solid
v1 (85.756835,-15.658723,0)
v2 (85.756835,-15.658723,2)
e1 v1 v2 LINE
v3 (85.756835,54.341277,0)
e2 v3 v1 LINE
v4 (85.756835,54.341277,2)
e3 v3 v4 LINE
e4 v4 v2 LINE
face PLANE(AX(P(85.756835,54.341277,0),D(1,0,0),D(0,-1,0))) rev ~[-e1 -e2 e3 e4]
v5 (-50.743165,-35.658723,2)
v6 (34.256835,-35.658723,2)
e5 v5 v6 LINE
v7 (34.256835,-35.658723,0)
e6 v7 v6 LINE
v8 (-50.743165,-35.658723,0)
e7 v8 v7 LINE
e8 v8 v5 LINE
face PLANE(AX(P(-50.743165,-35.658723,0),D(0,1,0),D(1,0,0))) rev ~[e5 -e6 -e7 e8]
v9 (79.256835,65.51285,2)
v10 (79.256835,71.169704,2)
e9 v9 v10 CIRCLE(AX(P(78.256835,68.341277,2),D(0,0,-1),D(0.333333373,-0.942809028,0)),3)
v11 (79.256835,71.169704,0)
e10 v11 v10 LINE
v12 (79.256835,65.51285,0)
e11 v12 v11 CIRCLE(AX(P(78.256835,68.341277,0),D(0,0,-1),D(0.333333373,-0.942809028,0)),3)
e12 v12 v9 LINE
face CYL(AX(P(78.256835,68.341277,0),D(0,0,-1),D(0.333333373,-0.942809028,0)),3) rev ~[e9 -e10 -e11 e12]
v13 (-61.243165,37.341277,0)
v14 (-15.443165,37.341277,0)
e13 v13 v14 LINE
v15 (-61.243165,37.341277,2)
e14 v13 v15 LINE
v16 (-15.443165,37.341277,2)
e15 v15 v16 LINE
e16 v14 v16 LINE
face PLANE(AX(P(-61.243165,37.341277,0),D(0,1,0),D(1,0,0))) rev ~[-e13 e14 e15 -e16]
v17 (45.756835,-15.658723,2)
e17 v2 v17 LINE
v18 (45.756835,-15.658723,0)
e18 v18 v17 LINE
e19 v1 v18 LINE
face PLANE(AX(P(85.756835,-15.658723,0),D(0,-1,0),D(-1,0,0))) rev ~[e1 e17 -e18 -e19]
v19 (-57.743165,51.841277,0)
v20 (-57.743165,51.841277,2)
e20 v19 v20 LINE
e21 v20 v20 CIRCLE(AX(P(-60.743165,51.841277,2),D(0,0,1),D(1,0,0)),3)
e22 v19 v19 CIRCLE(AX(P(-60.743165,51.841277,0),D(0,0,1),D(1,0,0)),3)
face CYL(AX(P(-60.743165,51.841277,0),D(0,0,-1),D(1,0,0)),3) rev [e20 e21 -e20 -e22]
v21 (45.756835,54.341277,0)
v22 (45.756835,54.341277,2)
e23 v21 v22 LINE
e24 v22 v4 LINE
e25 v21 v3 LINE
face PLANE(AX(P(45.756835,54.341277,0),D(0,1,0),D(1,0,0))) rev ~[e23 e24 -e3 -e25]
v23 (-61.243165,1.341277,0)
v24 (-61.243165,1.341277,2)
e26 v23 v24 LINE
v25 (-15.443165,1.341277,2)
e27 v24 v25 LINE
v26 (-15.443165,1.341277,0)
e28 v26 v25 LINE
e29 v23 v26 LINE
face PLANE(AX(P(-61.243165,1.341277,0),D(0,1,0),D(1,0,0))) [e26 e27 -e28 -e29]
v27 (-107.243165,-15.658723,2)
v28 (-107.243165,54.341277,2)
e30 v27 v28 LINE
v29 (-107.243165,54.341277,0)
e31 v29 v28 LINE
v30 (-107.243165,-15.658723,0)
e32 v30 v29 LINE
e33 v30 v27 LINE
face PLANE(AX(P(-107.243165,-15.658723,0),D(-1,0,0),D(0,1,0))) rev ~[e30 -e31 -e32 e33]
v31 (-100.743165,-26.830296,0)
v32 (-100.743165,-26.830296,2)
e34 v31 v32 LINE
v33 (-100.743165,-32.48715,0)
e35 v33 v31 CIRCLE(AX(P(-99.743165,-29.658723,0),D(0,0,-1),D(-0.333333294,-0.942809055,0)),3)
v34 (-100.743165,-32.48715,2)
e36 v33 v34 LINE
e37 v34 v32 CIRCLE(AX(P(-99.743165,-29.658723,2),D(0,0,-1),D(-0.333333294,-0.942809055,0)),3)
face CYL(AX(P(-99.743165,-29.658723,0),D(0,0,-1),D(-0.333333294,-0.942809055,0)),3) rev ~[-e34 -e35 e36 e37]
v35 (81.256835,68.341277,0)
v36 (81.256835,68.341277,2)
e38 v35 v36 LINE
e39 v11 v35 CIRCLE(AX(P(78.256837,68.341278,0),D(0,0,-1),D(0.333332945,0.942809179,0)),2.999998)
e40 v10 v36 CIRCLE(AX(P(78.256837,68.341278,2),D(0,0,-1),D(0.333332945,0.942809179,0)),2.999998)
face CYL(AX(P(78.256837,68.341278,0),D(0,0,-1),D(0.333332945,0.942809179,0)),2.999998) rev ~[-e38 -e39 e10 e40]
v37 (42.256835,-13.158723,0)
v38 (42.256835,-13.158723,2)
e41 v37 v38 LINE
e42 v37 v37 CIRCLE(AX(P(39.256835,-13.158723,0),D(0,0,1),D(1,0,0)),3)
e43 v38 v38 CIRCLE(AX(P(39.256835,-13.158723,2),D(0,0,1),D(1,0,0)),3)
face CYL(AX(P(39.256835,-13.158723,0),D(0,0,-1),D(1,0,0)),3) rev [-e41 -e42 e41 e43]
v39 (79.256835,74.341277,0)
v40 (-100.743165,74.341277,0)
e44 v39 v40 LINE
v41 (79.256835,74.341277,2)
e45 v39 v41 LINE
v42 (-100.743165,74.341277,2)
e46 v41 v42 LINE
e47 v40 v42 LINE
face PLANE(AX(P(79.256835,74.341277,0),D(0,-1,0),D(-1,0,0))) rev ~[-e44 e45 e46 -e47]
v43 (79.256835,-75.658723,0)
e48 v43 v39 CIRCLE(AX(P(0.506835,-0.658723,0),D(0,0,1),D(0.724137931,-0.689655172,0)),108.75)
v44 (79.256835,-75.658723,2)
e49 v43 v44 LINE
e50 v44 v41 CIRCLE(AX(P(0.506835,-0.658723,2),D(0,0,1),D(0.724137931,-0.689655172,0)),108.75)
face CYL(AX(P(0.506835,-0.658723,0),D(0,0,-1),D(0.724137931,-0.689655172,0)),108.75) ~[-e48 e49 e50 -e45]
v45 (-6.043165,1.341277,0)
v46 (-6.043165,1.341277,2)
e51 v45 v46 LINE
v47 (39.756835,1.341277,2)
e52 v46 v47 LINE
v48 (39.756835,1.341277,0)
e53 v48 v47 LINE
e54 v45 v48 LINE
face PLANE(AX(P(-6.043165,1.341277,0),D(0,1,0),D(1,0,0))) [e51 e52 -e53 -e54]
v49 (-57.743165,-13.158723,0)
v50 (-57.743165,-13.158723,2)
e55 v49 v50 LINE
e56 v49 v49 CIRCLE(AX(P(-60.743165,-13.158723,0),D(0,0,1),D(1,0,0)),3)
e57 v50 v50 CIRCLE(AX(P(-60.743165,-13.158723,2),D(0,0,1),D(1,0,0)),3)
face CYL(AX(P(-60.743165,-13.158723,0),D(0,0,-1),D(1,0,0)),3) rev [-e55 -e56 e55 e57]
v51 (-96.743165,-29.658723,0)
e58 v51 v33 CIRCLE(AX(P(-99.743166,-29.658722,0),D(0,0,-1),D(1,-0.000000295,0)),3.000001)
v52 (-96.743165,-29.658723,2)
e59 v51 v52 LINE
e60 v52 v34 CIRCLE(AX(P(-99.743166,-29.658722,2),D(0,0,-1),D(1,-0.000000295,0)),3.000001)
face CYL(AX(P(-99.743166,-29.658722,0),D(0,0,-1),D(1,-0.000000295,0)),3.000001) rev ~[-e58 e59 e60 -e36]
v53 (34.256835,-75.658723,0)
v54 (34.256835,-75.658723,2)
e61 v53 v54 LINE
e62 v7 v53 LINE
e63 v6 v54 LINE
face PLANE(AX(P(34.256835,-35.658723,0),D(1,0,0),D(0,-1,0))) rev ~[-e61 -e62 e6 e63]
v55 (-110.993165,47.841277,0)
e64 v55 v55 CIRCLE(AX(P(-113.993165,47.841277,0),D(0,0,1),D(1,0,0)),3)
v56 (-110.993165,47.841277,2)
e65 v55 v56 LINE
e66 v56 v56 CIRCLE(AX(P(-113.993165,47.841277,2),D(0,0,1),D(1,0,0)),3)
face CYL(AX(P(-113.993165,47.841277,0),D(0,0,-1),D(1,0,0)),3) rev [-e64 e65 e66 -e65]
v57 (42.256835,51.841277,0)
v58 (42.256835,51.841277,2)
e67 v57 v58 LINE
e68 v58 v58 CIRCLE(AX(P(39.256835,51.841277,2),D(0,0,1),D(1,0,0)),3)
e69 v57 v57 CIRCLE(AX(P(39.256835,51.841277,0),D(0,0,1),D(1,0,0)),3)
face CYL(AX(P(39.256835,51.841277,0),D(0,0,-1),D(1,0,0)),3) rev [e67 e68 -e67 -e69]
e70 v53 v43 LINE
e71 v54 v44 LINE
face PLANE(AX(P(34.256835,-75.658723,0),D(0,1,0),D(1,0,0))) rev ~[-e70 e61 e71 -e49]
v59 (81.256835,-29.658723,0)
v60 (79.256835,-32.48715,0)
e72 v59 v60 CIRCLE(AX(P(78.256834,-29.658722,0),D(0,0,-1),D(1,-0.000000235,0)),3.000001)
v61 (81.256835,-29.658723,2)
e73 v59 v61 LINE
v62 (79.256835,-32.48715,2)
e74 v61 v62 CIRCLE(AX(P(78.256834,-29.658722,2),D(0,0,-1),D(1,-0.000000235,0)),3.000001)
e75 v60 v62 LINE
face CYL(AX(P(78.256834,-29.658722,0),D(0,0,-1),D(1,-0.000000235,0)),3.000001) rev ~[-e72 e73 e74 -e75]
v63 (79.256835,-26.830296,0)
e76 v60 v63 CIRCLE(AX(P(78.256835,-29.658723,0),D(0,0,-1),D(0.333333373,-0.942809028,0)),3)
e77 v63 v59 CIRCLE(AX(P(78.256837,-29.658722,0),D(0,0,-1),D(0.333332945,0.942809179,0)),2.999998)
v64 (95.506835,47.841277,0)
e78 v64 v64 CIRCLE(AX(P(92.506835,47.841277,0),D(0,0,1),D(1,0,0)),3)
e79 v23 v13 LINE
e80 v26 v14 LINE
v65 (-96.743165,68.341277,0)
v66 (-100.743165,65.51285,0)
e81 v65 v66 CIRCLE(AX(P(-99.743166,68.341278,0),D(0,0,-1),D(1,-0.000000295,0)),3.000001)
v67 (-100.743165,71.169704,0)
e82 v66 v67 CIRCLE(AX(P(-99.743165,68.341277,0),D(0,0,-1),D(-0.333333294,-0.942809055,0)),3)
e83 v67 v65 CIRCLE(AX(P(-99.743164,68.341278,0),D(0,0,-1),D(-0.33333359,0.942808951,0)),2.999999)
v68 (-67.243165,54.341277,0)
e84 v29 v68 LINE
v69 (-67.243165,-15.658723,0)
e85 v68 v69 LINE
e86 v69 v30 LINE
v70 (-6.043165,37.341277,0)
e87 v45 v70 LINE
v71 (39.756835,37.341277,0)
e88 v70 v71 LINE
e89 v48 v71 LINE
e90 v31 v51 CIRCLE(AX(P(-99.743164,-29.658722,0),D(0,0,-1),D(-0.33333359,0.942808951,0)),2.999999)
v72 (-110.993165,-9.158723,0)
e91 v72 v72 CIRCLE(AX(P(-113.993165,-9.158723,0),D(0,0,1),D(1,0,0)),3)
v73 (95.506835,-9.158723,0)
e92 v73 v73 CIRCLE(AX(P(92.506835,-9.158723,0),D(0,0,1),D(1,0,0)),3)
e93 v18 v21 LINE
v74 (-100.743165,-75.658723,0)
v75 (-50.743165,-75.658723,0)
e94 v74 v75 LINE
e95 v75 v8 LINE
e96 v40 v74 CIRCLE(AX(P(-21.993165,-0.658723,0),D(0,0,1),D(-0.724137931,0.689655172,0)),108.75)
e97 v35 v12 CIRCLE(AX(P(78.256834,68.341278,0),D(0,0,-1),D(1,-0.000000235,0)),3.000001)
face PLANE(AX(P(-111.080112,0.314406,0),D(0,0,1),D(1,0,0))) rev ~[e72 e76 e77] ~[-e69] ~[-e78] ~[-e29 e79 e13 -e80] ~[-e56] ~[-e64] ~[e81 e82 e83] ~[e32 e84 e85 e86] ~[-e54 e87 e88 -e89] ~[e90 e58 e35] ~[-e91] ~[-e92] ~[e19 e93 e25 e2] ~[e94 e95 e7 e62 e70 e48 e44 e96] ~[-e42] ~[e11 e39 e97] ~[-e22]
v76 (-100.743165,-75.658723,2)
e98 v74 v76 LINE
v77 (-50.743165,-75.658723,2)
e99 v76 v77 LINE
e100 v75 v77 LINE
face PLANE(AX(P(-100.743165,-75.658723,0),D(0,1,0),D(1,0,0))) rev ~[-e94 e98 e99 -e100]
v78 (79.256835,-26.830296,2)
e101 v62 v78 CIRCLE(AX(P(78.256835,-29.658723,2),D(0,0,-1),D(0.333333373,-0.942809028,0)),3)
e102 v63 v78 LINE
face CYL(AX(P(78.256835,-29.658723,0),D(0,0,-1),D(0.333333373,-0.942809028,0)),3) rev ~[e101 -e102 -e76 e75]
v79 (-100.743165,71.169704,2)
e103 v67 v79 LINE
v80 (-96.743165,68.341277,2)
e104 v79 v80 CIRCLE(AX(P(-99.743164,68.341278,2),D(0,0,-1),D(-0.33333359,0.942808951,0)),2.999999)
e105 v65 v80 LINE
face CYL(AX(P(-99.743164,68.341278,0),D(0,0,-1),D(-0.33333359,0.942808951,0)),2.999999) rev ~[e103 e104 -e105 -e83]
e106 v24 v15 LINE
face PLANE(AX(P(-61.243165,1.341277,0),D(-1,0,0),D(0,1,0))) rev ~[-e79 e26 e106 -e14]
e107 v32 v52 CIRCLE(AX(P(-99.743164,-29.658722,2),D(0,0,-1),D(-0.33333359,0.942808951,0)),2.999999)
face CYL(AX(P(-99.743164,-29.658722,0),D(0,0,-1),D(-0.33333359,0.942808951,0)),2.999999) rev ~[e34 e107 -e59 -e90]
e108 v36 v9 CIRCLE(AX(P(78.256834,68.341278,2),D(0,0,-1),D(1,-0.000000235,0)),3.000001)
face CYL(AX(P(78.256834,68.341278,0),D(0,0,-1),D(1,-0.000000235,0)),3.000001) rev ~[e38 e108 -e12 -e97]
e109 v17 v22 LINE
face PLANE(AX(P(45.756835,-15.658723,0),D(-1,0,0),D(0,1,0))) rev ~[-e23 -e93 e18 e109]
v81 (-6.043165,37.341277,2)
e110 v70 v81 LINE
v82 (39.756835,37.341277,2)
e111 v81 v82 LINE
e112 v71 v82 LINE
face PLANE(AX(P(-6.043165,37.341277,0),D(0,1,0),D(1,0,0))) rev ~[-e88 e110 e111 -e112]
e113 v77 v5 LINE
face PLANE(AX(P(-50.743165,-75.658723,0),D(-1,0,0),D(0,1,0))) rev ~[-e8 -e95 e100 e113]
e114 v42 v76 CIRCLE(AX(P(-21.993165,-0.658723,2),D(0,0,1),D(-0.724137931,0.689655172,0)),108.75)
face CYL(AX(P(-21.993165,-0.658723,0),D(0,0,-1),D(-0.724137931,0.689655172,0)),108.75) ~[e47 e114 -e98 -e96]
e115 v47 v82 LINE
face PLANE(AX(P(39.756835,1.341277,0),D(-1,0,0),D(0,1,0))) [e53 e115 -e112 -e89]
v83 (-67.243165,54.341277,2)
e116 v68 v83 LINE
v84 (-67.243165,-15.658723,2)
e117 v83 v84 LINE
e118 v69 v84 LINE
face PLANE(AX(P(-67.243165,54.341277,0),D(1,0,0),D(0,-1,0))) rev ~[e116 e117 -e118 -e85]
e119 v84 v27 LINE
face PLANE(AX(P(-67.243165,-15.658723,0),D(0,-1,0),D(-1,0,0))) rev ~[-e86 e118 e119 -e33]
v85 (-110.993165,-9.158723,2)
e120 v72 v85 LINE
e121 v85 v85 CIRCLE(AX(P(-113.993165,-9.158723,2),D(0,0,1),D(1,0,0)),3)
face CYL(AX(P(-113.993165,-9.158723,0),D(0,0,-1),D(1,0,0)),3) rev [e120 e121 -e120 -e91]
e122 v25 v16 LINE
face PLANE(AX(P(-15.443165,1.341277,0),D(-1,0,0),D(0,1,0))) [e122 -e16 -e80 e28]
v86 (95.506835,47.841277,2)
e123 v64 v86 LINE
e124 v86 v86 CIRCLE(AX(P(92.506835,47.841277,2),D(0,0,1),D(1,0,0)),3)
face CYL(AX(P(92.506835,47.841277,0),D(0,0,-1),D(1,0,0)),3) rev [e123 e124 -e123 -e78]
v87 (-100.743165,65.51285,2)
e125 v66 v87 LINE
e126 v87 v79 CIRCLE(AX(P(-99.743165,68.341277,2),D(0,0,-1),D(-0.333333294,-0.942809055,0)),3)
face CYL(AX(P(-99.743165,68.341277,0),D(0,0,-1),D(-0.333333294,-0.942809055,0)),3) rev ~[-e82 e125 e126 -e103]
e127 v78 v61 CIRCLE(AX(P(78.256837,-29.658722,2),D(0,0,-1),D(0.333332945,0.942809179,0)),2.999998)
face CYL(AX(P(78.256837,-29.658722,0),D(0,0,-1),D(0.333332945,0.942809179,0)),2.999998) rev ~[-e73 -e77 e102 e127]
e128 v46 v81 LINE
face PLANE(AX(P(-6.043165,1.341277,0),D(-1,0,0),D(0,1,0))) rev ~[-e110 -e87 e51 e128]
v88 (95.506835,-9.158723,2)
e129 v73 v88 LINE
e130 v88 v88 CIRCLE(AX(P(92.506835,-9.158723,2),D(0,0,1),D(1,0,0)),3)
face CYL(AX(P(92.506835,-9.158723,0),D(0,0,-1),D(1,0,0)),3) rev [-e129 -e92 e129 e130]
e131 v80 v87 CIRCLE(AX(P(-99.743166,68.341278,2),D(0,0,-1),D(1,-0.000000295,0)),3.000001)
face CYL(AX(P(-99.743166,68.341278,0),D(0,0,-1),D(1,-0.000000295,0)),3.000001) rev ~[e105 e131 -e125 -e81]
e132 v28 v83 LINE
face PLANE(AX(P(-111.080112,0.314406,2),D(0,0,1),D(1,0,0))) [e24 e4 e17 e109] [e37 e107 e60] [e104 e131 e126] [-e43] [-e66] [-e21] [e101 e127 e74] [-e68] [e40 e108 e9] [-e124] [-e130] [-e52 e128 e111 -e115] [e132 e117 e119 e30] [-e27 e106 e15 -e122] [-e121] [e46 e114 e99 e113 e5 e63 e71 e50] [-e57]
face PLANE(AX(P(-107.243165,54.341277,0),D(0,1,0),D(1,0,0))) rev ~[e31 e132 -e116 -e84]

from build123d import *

# Parameters (mm, degrees)
F0_R     = 3
F0_W     = 45.8
F0_H     = 36
F1_DEPTH = 2


with BuildPart() as f1:
    # F0 (on Top) → F1 (new body)
    with BuildSketch(Plane.XY):
        with BuildLine():
            Line((-100.743165, 71.169704), (-100.743165, 74.341277))
            ThreePointArc((-100.743165, 74.341277), (-130.743165, -0.658723), (-100.743165, -75.658723))
            Line((-100.743165, -75.658723), (-100.743165, -32.48715))
            ThreePointArc((-100.743165, -32.48715), (-102.743165, -29.658723), (-100.743165, -26.830296))
            Line((-100.743165, -26.830296), (-100.743165, -15.658723))
            Line((-100.743165, -15.658723), (-107.243165, -15.658723))
            Line((-107.243165, -15.658723), (-107.243165, 19.341277))
            Line((-107.243165, 19.341277), (-107.243165, 54.341277))
            Line((-107.243165, 54.341277), (-100.743165, 54.341277))
            Line((-100.743165, 54.341277), (-100.743165, 65.51285))
            ThreePointArc((-100.743165, 65.51285), (-102.743165, 68.341277), (-100.743165, 71.169704))
        make_face()
        with Locations((-113.993165, -9.158723)):
            Circle(F0_R, mode=Mode.SUBTRACT)
        with Locations((-113.993165, 47.841277)):
            Circle(F0_R, mode=Mode.SUBTRACT)
        with BuildLine():
            Line((-10.743165, 74.341277), (-100.743165, 74.341277))
            Line((-100.743165, 74.341277), (-100.743165, 71.169704))
            ThreePointArc((-100.743165, 71.169704), (-98.011114, 70.790767), (-96.743165, 68.341277))
            ThreePointArc((-96.743165, 68.341277), (-98.011114, 65.891788), (-100.743165, 65.51285))
            Line((-100.743165, 65.51285), (-100.743165, 54.341277))
            Line((-100.743165, 54.341277), (-67.243165, 54.341277))
            Line((-67.243165, 54.341277), (-67.243165, 19.341277))
            Line((-67.243165, 19.341277), (-67.243165, -15.658723))
            Line((-67.243165, -15.658723), (-100.743165, -15.658723))
            Line((-100.743165, -15.658723), (-100.743165, -26.830296))
            ThreePointArc((-100.743165, -26.830296), (-98.011114, -27.209233), (-96.743165, -29.658723))
            ThreePointArc((-96.743165, -29.658723), (-98.011114, -32.108212), (-100.743165, -32.48715))
            Line((-100.743165, -32.48715), (-100.743165, -75.658723))
            Line((-100.743165, -75.658723), (-50.743165, -75.658723))
            Line((-50.743165, -75.658723), (-50.743165, -35.658723))
            Line((-50.743165, -35.658723), (-10.743165, -35.658723))
            Line((-10.743165, -35.658723), (-10.743165, 74.341277))
        make_face()
        with Locations((-60.743165, -13.158723)):
            Circle(F0_R, mode=Mode.SUBTRACT)
        with Locations((-38.343165, 19.341277)):
            Rectangle(F0_W, F0_H, mode=Mode.SUBTRACT)
        with Locations((-60.743165, 51.841277)):
            Circle(F0_R, mode=Mode.SUBTRACT)
        with BuildLine():
            Line((79.256835, 74.341277), (-10.743165, 74.341277))
            Line((-10.743165, 74.341277), (-10.743165, -35.658723))
            Line((-10.743165, -35.658723), (34.256835, -35.658723))
            Line((34.256835, -35.658723), (34.256835, -75.658723))
            Line((34.256835, -75.658723), (79.256835, -75.658723))
            Line((79.256835, -75.658723), (79.256835, -32.48715))
            ThreePointArc((79.256835, -32.48715), (75.256835, -29.658723), (79.256835, -26.830296))
            Line((79.256835, -26.830296), (79.256835, -15.658723))
            Line((79.256835, -15.658723), (45.756835, -15.658723))
            Line((45.756835, -15.658723), (45.756835, 19.341277))
            Line((45.756835, 19.341277), (45.756835, 54.341277))
            Line((45.756835, 54.341277), (79.256835, 54.341277))
            Line((79.256835, 54.341277), (79.256835, 65.51285))
            ThreePointArc((79.256835, 65.51285), (75.256835, 68.341277), (79.256835, 71.169704))
            Line((79.256835, 71.169704), (79.256835, 74.341277))
        make_face()
        with Locations((39.256835, -13.158723)):
            Circle(F0_R, mode=Mode.SUBTRACT)
        with Locations((16.856835, 19.341277)):
            Rectangle(F0_W, F0_H, mode=Mode.SUBTRACT)
        with Locations((39.256835, 51.841277)):
            Circle(F0_R, mode=Mode.SUBTRACT)
        with BuildLine():
            ThreePointArc((79.256835, -75.658723), (109.256835, -0.658723), (79.256835, 74.341277))
            Line((79.256835, 74.341277), (79.256835, 71.169704))
            ThreePointArc((79.256835, 71.169704), (80.706325, 70.073328), (81.256835, 68.341277))
            ThreePointArc((81.256835, 68.341277), (80.706325, 66.609227), (79.256835, 65.51285))
            Line((79.256835, 65.51285), (79.256835, 54.341277))
            Line((79.256835, 54.341277), (85.756835, 54.341277))
            Line((85.756835, 54.341277), (85.756835, 19.341277))
            Line((85.756835, 19.341277), (85.756835, -15.658723))
            Line((85.756835, -15.658723), (79.256835, -15.658723))
            Line((79.256835, -15.658723), (79.256835, -26.830296))
            ThreePointArc((79.256835, -26.830296), (80.706325, -27.926672), (81.256835, -29.658723))
            ThreePointArc((81.256835, -29.658723), (80.706325, -31.390773), (79.256835, -32.48715))
            Line((79.256835, -32.48715), (79.256835, -75.658723))
        make_face()
        with Locations((92.506835, -9.158723)):
            Circle(F0_R, mode=Mode.SUBTRACT)
        with Locations((92.506835, 47.841277)):
            Circle(F0_R, mode=Mode.SUBTRACT)
    extrude(amount=F1_DEPTH)


solid = f1.part
